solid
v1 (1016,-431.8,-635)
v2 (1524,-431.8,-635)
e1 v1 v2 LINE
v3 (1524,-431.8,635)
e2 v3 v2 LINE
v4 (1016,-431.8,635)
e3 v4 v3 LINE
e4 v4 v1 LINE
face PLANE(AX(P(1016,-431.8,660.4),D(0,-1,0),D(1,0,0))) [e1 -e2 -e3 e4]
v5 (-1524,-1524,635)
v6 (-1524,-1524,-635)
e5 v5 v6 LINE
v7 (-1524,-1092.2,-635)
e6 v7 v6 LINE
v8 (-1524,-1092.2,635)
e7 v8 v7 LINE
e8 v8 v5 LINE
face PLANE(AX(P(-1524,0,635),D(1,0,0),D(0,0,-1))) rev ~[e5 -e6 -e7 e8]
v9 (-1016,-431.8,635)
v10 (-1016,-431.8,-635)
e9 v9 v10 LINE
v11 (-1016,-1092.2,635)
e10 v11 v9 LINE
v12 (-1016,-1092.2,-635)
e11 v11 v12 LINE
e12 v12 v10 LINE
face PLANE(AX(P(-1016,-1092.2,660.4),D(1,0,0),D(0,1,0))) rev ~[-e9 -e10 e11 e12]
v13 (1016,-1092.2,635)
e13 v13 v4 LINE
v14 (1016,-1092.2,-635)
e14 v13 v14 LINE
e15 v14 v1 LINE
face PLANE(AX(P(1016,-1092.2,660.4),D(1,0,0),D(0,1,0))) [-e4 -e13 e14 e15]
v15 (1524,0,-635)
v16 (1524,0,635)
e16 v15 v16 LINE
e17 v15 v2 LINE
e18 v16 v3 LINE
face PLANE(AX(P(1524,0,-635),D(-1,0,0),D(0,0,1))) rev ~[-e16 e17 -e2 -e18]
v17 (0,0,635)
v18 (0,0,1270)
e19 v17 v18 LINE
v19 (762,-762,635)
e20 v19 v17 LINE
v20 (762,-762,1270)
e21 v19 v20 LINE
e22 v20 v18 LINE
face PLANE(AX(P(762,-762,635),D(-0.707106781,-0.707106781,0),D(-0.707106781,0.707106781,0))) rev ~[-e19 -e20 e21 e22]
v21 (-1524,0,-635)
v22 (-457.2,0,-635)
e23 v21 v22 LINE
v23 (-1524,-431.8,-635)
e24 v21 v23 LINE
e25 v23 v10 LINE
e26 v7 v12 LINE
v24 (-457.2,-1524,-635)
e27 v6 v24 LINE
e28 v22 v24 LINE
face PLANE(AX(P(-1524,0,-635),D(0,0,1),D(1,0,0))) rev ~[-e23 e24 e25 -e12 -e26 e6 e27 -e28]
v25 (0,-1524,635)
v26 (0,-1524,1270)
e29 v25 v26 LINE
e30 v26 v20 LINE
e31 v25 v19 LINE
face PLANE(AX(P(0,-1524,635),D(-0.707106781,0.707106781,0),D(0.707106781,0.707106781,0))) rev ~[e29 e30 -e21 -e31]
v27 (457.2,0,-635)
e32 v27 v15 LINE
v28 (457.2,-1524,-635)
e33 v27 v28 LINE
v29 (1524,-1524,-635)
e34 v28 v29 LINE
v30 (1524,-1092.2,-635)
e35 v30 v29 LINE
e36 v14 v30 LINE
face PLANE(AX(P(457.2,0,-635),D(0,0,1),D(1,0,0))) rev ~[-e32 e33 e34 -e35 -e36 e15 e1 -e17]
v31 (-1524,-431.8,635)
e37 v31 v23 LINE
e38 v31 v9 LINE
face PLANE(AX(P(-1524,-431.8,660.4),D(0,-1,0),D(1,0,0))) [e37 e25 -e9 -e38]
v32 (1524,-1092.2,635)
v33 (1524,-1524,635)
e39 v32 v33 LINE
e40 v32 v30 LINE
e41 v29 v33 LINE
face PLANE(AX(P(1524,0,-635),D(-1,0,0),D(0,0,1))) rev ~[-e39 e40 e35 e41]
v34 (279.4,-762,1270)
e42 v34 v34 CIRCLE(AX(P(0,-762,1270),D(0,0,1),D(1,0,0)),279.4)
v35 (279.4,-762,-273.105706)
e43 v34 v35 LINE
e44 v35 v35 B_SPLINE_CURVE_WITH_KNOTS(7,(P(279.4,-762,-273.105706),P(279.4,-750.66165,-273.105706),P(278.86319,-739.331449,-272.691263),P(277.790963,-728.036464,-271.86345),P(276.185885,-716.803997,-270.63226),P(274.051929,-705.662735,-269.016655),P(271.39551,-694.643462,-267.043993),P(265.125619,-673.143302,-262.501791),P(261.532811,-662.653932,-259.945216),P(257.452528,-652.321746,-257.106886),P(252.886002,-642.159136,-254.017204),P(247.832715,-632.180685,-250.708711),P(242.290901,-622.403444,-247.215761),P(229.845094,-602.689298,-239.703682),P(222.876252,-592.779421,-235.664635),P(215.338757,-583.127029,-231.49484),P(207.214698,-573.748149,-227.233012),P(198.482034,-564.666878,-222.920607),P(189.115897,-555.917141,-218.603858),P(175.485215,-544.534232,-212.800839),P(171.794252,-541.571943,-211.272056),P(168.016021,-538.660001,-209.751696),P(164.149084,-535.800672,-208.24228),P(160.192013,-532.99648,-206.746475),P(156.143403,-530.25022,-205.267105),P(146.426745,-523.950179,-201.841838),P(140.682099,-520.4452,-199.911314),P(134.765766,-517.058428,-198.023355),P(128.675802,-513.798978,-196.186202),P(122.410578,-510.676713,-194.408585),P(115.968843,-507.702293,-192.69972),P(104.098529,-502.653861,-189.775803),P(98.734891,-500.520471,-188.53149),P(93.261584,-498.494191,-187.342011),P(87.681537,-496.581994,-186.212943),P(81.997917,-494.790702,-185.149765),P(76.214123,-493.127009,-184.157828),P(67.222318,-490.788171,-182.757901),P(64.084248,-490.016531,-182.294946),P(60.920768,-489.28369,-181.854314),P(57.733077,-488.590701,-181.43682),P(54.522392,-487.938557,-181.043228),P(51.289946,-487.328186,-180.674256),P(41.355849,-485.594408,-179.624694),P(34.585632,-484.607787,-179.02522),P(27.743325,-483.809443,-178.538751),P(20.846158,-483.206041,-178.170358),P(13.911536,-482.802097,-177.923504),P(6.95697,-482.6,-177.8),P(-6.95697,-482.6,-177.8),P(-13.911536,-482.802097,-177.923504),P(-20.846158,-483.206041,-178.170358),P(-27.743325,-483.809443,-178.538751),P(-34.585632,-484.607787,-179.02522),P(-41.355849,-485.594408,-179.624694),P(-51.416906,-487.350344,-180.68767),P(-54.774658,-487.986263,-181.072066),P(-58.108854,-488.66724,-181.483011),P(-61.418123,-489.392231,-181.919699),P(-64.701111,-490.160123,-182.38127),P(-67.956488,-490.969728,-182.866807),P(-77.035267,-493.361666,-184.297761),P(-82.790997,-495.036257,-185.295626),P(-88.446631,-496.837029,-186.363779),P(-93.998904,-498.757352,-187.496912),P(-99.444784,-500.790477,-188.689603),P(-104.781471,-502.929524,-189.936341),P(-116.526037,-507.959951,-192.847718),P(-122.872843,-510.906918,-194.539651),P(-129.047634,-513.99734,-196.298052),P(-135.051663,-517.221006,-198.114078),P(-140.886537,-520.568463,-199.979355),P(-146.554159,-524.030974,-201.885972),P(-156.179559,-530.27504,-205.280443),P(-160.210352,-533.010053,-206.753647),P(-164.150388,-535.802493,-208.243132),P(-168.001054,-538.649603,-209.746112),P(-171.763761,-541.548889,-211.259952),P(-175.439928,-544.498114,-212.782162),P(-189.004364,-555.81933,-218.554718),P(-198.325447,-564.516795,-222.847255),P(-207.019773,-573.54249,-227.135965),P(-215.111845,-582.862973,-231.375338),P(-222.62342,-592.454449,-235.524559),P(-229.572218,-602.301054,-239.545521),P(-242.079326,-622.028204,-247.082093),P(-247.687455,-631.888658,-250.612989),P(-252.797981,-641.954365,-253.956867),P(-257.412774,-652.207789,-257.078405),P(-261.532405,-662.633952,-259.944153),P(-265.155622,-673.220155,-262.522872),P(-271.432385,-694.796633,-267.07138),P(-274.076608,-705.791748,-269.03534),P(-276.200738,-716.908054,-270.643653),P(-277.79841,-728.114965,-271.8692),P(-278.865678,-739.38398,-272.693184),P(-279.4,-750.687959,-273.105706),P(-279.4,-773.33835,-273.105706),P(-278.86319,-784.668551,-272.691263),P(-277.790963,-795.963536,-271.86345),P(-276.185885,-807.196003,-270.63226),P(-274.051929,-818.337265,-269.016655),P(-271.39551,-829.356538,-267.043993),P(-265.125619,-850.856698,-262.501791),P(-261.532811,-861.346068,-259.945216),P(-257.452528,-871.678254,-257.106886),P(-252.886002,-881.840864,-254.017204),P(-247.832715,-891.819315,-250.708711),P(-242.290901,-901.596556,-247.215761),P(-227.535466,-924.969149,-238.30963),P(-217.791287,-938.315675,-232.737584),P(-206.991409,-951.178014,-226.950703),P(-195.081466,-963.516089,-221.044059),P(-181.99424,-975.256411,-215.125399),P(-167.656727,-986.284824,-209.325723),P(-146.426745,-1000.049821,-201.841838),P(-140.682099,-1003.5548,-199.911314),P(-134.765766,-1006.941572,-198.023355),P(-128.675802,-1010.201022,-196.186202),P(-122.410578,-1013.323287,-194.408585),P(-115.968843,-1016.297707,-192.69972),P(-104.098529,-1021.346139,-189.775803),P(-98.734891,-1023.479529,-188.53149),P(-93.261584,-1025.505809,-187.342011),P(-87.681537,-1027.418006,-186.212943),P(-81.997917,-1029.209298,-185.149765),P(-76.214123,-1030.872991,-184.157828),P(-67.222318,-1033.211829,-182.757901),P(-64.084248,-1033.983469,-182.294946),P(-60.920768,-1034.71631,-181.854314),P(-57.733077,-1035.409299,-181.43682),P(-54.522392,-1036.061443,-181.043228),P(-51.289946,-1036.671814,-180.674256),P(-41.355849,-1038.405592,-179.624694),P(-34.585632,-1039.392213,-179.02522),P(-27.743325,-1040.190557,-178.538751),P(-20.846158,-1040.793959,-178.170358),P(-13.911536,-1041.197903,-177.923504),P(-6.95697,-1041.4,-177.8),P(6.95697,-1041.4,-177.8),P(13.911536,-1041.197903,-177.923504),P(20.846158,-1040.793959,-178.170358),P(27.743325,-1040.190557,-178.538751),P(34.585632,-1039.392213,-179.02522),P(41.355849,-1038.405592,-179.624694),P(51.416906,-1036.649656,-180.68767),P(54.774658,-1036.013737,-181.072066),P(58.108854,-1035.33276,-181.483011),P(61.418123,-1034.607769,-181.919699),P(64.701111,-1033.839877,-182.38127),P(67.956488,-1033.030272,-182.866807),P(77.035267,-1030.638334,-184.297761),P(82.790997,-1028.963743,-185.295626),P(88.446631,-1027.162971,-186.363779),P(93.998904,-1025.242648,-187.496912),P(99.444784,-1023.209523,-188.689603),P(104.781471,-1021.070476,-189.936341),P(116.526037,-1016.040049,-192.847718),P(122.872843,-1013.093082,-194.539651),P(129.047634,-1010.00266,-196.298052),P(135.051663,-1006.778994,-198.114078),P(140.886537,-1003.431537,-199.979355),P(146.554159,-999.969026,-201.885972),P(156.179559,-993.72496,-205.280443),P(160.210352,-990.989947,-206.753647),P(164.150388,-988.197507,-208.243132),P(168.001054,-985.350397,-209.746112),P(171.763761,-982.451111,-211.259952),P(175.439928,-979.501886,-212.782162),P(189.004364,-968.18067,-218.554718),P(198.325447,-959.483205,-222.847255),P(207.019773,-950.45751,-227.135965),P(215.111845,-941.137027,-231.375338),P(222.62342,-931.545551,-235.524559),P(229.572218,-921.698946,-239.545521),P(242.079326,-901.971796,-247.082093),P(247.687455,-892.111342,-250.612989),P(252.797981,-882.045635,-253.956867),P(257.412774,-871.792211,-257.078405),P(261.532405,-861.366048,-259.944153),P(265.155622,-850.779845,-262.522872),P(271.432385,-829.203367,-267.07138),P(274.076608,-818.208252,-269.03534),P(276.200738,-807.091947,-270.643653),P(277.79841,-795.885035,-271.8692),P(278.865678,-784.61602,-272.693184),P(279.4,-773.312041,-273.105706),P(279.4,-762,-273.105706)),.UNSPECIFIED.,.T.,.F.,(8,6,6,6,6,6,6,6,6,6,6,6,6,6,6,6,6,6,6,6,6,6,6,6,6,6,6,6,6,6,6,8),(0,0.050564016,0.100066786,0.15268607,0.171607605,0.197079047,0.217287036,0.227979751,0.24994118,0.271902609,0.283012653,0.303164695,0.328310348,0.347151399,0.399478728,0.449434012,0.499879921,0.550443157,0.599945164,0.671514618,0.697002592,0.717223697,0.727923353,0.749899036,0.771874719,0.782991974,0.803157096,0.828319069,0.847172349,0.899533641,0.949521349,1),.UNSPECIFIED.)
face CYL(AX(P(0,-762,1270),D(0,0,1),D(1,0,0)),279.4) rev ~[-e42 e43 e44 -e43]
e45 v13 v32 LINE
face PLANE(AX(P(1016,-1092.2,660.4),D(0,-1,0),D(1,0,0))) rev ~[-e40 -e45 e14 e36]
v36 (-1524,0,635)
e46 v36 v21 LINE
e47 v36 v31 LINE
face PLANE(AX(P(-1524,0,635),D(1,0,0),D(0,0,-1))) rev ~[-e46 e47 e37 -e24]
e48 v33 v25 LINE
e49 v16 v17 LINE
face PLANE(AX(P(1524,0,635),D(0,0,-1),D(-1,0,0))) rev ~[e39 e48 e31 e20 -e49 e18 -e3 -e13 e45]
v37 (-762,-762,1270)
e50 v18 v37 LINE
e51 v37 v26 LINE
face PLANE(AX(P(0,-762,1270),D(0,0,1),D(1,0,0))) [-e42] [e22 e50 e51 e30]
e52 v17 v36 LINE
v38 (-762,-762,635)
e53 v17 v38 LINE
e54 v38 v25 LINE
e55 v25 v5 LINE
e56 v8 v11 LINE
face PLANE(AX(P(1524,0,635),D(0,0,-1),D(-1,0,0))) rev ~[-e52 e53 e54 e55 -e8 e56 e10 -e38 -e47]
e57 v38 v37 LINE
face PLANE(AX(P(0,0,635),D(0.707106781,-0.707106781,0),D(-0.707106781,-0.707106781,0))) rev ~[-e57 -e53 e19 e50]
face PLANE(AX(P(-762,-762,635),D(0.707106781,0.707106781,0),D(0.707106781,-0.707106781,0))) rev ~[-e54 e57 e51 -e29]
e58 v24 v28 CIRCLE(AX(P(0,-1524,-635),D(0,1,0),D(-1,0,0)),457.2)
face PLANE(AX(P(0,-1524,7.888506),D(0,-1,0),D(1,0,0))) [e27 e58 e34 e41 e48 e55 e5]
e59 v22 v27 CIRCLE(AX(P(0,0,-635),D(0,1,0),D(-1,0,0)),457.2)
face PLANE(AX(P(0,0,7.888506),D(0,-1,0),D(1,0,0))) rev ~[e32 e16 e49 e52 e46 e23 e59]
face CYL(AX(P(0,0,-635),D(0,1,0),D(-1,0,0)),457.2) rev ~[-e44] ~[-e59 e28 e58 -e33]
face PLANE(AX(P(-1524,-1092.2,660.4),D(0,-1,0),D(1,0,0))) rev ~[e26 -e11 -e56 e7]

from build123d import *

# Parameters (mm, degrees)
F1_DEPTH  = 1524
F2_W      = 508
F2_H      = 660.4
F3_DEPTH  = 25.4
F3_FACE_W = 508
F3_FACE_H = 660.4
F4_DEPTH  = 1295.401
F6_DEPTH  = 635
F7_R      = 279.4
F8_DEPTH  = 1905.001


with BuildPart() as f1:
    # F0 (on Front) → F1 (new body)
    with BuildSketch(Plane.XZ):
        with BuildLine():
            Line((-1524, 635), (-1524, -635))
            Line((-1524, -635), (-457.2, -635))
            ThreePointArc((-457.2, -635), (0, -177.8), (457.2, -635))
            Line((457.2, -635), (1524, -635))
            Line((1524, -635), (1524, 635))
            Line((1524, 635), (-1524, 635))
        make_face()
    extrude(amount=F1_DEPTH)

    # F2 (on face) → F3 (join)
    with BuildSketch(Plane.XY.offset(635)):
        with Locations((-1270, -762)):
            Rectangle(F2_W, F2_H)
        with Locations((1270, -762)):
            Rectangle(F2_W, F2_H)
    extrude(amount=F3_DEPTH)

    # F3_face (on face) → F4 (cut, through all)
    with BuildSketch(Plane(origin=(-1270, -762, 660.4), x_dir=(1, 0, 0), z_dir=(0, 0, 1))):
        Rectangle(F3_FACE_W, F3_FACE_H)
        with Locations((2540, 0)):
            Rectangle(F3_FACE_W, F3_FACE_H)
    extrude(amount=-F4_DEPTH, mode=Mode.SUBTRACT)

    # F5 (on face) → F6 (join)
    with BuildSketch(Plane.XY.offset(635)):
        Polygon((762, -762), (0, 0), (-762, -762), (0, -1524), align=None)
    extrude(amount=F6_DEPTH)

    # F7 (on face) → F8 (cut, through all)
    with BuildSketch(Plane.XY.offset(1270)):
        with Locations((0, -762)):
            Circle(F7_R)
    extrude(amount=-F8_DEPTH, mode=Mode.SUBTRACT)


solid = f1.part
